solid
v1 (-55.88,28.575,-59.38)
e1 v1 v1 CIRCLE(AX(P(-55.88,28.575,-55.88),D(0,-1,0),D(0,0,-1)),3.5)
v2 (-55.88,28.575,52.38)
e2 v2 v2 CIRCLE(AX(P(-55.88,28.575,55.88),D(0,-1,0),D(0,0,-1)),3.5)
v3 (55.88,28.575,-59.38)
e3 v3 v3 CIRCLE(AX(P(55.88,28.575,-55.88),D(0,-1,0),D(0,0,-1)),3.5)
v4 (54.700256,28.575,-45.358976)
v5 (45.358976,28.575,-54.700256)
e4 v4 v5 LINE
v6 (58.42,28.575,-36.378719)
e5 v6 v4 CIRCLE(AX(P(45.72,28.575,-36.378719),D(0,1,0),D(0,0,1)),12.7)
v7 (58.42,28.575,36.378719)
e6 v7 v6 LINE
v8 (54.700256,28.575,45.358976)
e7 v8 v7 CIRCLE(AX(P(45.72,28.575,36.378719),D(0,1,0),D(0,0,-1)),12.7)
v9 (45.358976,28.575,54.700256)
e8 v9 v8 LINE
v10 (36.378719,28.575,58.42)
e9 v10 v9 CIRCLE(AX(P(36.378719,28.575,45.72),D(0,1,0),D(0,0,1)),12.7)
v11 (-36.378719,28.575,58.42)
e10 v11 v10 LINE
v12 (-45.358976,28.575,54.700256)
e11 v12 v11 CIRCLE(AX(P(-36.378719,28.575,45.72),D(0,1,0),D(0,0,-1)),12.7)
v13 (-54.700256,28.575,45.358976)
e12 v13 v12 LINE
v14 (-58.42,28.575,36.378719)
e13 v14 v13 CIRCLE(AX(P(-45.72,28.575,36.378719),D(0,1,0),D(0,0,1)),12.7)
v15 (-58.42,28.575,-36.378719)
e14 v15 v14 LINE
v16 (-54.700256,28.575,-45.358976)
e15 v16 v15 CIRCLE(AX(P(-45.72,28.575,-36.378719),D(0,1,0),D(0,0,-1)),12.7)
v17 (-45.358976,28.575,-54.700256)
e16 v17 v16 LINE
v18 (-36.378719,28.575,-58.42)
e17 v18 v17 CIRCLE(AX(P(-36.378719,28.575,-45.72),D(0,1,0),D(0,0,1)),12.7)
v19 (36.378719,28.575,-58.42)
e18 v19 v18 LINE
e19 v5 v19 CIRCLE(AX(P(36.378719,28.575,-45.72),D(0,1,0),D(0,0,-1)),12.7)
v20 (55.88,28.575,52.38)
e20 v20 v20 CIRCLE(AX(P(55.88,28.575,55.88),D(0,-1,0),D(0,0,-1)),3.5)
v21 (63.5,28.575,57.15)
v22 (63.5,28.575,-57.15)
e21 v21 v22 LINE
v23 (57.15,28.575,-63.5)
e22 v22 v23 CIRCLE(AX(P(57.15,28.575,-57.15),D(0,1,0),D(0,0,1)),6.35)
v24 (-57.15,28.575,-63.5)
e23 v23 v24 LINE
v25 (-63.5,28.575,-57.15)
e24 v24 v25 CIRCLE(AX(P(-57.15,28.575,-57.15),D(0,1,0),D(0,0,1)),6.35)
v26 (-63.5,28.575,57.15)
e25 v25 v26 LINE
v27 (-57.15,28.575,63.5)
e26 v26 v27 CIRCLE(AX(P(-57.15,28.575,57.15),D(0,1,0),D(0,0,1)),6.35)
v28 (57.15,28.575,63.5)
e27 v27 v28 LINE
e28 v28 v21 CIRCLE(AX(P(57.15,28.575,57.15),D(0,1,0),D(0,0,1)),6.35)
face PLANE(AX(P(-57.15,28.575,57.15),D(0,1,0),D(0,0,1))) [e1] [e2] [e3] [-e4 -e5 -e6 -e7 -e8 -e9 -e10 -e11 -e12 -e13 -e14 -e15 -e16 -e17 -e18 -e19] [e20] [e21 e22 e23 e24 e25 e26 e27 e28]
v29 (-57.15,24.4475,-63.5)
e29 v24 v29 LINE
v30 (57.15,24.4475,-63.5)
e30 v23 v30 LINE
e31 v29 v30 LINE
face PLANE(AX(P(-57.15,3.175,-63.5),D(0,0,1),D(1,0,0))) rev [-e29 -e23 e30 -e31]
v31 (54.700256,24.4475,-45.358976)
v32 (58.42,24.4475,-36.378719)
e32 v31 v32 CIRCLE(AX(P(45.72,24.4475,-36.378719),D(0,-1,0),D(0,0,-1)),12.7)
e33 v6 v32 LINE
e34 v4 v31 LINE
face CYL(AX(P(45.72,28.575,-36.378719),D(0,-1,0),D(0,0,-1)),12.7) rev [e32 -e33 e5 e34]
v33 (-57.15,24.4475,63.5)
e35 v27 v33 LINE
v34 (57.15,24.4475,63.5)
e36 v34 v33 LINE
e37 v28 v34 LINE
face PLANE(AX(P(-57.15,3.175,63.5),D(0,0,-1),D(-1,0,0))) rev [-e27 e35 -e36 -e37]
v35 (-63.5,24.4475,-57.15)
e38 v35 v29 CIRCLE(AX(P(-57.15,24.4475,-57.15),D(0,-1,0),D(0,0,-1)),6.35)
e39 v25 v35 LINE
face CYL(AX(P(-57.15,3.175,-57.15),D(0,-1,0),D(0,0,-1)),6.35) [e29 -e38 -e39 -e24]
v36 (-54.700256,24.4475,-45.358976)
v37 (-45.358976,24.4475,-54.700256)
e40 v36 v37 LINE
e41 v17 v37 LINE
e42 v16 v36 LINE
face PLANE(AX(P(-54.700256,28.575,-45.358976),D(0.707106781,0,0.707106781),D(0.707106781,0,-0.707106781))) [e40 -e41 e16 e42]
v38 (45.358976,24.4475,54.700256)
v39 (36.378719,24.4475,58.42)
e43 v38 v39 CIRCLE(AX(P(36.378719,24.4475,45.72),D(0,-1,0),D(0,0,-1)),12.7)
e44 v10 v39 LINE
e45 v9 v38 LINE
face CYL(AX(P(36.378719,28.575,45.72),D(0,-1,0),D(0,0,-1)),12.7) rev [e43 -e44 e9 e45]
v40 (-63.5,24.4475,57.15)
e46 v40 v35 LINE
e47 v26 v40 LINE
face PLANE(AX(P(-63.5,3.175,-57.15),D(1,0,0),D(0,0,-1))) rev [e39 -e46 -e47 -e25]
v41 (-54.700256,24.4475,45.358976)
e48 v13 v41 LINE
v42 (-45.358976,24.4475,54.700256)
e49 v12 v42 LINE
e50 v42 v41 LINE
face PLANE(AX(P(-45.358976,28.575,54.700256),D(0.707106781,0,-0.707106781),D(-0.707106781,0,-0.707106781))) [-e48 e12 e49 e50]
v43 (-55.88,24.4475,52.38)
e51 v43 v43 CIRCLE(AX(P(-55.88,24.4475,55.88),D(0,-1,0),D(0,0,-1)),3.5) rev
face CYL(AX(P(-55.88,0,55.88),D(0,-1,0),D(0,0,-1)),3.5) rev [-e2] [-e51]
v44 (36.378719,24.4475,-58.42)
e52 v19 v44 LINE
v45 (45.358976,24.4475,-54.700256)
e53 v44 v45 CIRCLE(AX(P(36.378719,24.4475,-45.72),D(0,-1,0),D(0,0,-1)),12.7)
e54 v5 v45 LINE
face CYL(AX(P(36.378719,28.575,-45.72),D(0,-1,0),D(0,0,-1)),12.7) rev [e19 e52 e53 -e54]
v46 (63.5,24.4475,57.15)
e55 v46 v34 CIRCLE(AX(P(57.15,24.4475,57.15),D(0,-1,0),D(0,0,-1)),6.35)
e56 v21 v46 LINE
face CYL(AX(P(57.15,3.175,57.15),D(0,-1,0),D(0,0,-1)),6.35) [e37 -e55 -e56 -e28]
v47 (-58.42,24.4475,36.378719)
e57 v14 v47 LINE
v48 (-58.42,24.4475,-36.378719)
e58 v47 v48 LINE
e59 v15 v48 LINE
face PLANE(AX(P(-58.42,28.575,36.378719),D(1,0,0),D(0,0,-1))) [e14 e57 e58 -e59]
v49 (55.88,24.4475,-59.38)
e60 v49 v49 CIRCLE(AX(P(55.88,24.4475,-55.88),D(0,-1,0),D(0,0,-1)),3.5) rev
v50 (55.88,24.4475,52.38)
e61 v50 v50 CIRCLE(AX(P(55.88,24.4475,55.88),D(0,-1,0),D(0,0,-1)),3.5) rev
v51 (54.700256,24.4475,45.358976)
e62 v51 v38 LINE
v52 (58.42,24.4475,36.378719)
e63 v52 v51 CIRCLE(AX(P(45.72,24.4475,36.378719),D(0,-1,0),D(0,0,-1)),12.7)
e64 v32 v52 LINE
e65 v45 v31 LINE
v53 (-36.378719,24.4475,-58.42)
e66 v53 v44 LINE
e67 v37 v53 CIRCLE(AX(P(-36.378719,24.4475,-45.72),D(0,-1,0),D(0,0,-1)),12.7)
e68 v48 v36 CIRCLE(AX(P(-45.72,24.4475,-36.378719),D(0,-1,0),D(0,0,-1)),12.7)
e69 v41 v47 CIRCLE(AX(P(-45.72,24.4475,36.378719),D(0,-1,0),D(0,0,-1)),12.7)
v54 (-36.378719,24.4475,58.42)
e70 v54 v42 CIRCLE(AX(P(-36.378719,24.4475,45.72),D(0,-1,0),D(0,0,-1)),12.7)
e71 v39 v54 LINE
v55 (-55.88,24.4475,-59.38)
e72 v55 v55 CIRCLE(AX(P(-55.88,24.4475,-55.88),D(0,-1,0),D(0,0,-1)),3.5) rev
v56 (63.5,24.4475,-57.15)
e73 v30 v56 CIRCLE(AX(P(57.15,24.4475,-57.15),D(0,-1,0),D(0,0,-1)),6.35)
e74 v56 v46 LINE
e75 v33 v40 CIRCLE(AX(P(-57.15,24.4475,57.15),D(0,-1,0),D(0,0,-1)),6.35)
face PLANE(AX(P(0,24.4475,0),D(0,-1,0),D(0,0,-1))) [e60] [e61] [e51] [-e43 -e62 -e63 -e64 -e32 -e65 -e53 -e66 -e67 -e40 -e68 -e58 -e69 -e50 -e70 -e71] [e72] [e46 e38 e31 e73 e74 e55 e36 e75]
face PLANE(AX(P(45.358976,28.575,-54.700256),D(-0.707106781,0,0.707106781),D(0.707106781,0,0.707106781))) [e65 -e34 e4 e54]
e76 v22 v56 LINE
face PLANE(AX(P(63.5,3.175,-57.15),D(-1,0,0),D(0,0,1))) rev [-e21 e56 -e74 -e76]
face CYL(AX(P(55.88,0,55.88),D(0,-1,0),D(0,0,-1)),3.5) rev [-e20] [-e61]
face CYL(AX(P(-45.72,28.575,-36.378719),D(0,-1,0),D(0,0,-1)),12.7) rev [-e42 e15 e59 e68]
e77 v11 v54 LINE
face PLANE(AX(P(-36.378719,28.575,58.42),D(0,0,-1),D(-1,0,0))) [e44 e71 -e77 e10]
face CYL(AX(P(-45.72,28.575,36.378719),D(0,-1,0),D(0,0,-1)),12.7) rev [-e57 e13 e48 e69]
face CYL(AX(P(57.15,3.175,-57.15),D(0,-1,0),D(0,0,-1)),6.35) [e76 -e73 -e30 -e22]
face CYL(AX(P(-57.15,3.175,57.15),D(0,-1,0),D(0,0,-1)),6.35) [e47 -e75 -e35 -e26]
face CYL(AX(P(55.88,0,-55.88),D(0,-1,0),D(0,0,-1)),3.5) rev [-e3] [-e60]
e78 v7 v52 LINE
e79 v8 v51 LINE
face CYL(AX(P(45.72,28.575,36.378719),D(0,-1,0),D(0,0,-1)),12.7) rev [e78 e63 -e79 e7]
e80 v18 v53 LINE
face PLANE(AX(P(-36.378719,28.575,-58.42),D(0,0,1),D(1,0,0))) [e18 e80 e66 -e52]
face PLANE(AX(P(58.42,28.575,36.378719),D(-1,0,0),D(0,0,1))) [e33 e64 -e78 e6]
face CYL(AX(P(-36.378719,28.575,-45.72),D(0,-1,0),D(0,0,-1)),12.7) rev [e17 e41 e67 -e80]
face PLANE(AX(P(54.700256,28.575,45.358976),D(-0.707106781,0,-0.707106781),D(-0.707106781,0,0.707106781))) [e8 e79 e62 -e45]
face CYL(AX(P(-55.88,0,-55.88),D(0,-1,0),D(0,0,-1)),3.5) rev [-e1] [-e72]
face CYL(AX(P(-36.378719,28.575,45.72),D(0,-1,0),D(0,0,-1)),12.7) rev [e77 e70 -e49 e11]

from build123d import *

# Parameters (mm, degrees)
SKETCH1_R                      = 44.45
SKETCH1_R_2                    = 3.25
BOSS_EXTRUDE1_DEPTH            = 3.175
BOSS_EXTRUDE2_DEPTH            = 25.4
CBORE_FOR_M6_SHCS2_D           = 7
CBORE_FOR_M6_SHCS2_CBORE_D     = 11
CBORE_FOR_M6_SHCS2_CBORE_DEPTH = 6
SKETCH10_W                     = 206.275362682
SKETCH10_H                     = 234.398565581
CUT_EXTRUDE1_DEPTH             = 15.2875
CUT_EXTRUDE1_DEPTH_BACK        = 10.16


with BuildPart() as part:
    # Sketch1 → Boss-Extrude1 (new body)
    with BuildSketch(Plane(origin=(0, 0, 0), x_dir=(1, 0, 0), z_dir=(0, 1, 0))):
        with BuildLine():
            Line((-57.15, 63.5), (57.15, 63.5))
            ThreePointArc((57.15, 63.5), (61.640128061, 61.640128061), (63.5, 57.15))
            Line((63.5, 57.15), (63.5, -57.15))
            ThreePointArc((63.5, -57.15), (61.640128061, -61.640128061), (57.15, -63.5))
            Line((57.15, -63.5), (-57.15, -63.5))
            ThreePointArc((-57.15, -63.5), (-61.640128061, -61.640128061), (-63.5, -57.15))
            Line((-63.5, -57.15), (-63.5, 57.15))
            ThreePointArc((-63.5, 57.15), (-61.640128061, 61.640128061), (-57.15, 63.5))
        make_face()
        Circle(SKETCH1_R, mode=Mode.SUBTRACT)
        with Locations((-57.15, 53.975)):
            Circle(SKETCH1_R_2, mode=Mode.SUBTRACT)
        with Locations((57.15, 53.975)):
            Circle(SKETCH1_R_2, mode=Mode.SUBTRACT)
        with Locations((57.15, -53.975)):
            Circle(SKETCH1_R_2, mode=Mode.SUBTRACT)
        with Locations((-57.15, -53.975)):
            Circle(SKETCH1_R_2, mode=Mode.SUBTRACT)
    extrude(amount=BOSS_EXTRUDE1_DEPTH)

    # Sketch3 → Boss-Extrude2 (add)
    with BuildSketch(Plane(origin=(0, 3.175, 0), x_dir=(1, 0, 0), z_dir=(0, 1, 0))):
        with BuildLine():
            Line((-57.15, -63.5), (57.15, -63.5))
            ThreePointArc((57.15, -63.5), (61.640128061, -61.640128061), (63.5, -57.15))
            Line((63.5, -57.15), (63.5, 57.15))
            ThreePointArc((63.5, 57.15), (61.640128061, 61.640128061), (57.15, 63.5))
            Line((57.15, 63.5), (-57.15, 63.5))
            ThreePointArc((-57.15, 63.5), (-61.640128061, 61.640128061), (-63.5, 57.15))
            Line((-63.5, 57.15), (-63.5, -57.15))
            ThreePointArc((-63.5, -57.15), (-61.640128061, -61.640128061), (-57.15, -63.5))
        make_face()
        with BuildLine():
            Line((-54.700256121, 45.358975516), (-45.358975516, 54.700256121))
            ThreePointArc((-45.358975516, 54.700256121), (-41.238798986, 57.453270063), (-36.378719395, 58.42))
            Line((-36.378719395, 58.42), (36.378719395, 58.42))
            ThreePointArc((36.378719395, 58.42), (41.238798986, 57.453270063), (45.358975516, 54.700256121))
            Line((45.358975516, 54.700256121), (54.700256121, 45.358975516))
            ThreePointArc((54.700256121, 45.358975516), (57.453270063, 41.238798986), (58.42, 36.378719395))
            Line((58.42, 36.378719395), (58.42, -36.378719395))
            ThreePointArc((58.42, -36.378719395), (57.453270063, -41.238798986), (54.700256121, -45.358975516))
            Line((54.700256121, -45.358975516), (45.358975516, -54.700256121))
            ThreePointArc((45.358975516, -54.700256121), (41.238798986, -57.453270063), (36.378719395, -58.42))
            Line((36.378719395, -58.42), (-36.378719395, -58.42))
            ThreePointArc((-36.378719395, -58.42), (-41.238798986, -57.453270063), (-45.358975516, -54.700256121))
            Line((-45.358975516, -54.700256121), (-54.700256121, -45.358975516))
            ThreePointArc((-54.700256121, -45.358975516), (-57.453270063, -41.238798986), (-58.42, -36.378719395))
            Line((-58.42, -36.378719395), (-58.42, 36.378719395))
            ThreePointArc((-58.42, 36.378719395), (-57.453270063, 41.238798986), (-54.700256121, 45.358975516))
        make_face(mode=Mode.SUBTRACT)
    extrude(amount=BOSS_EXTRUDE2_DEPTH)

    # CBORE for M6 SHCS2 (through all)
    with Locations(Plane(origin=(0, 0, 0), x_dir=(-1, 0, 0), z_dir=(0, -1, 0))):
        with Locations((-55.88, 55.88), (55.88, 55.88), (55.88, -55.88), (-55.88, -55.88)):
            CounterBoreHole(CBORE_FOR_M6_SHCS2_D / 2, CBORE_FOR_M6_SHCS2_CBORE_D / 2, CBORE_FOR_M6_SHCS2_CBORE_DEPTH)

    # Sketch10 → Cut-Extrude1 (cut, two sides)
    with BuildSketch(Plane(origin=(0, 14.2875, 0), x_dir=(-1, 0, 0), z_dir=(0, -1, 0))) as cut_extrude1_sk:
        with Locations((4.587579463, 2.84706708)):
            Rectangle(SKETCH10_W, SKETCH10_H)
    extrude(amount=CUT_EXTRUDE1_DEPTH, mode=Mode.SUBTRACT)
    extrude(cut_extrude1_sk.sketch, amount=-CUT_EXTRUDE1_DEPTH_BACK, mode=Mode.SUBTRACT)


solid = part.part
